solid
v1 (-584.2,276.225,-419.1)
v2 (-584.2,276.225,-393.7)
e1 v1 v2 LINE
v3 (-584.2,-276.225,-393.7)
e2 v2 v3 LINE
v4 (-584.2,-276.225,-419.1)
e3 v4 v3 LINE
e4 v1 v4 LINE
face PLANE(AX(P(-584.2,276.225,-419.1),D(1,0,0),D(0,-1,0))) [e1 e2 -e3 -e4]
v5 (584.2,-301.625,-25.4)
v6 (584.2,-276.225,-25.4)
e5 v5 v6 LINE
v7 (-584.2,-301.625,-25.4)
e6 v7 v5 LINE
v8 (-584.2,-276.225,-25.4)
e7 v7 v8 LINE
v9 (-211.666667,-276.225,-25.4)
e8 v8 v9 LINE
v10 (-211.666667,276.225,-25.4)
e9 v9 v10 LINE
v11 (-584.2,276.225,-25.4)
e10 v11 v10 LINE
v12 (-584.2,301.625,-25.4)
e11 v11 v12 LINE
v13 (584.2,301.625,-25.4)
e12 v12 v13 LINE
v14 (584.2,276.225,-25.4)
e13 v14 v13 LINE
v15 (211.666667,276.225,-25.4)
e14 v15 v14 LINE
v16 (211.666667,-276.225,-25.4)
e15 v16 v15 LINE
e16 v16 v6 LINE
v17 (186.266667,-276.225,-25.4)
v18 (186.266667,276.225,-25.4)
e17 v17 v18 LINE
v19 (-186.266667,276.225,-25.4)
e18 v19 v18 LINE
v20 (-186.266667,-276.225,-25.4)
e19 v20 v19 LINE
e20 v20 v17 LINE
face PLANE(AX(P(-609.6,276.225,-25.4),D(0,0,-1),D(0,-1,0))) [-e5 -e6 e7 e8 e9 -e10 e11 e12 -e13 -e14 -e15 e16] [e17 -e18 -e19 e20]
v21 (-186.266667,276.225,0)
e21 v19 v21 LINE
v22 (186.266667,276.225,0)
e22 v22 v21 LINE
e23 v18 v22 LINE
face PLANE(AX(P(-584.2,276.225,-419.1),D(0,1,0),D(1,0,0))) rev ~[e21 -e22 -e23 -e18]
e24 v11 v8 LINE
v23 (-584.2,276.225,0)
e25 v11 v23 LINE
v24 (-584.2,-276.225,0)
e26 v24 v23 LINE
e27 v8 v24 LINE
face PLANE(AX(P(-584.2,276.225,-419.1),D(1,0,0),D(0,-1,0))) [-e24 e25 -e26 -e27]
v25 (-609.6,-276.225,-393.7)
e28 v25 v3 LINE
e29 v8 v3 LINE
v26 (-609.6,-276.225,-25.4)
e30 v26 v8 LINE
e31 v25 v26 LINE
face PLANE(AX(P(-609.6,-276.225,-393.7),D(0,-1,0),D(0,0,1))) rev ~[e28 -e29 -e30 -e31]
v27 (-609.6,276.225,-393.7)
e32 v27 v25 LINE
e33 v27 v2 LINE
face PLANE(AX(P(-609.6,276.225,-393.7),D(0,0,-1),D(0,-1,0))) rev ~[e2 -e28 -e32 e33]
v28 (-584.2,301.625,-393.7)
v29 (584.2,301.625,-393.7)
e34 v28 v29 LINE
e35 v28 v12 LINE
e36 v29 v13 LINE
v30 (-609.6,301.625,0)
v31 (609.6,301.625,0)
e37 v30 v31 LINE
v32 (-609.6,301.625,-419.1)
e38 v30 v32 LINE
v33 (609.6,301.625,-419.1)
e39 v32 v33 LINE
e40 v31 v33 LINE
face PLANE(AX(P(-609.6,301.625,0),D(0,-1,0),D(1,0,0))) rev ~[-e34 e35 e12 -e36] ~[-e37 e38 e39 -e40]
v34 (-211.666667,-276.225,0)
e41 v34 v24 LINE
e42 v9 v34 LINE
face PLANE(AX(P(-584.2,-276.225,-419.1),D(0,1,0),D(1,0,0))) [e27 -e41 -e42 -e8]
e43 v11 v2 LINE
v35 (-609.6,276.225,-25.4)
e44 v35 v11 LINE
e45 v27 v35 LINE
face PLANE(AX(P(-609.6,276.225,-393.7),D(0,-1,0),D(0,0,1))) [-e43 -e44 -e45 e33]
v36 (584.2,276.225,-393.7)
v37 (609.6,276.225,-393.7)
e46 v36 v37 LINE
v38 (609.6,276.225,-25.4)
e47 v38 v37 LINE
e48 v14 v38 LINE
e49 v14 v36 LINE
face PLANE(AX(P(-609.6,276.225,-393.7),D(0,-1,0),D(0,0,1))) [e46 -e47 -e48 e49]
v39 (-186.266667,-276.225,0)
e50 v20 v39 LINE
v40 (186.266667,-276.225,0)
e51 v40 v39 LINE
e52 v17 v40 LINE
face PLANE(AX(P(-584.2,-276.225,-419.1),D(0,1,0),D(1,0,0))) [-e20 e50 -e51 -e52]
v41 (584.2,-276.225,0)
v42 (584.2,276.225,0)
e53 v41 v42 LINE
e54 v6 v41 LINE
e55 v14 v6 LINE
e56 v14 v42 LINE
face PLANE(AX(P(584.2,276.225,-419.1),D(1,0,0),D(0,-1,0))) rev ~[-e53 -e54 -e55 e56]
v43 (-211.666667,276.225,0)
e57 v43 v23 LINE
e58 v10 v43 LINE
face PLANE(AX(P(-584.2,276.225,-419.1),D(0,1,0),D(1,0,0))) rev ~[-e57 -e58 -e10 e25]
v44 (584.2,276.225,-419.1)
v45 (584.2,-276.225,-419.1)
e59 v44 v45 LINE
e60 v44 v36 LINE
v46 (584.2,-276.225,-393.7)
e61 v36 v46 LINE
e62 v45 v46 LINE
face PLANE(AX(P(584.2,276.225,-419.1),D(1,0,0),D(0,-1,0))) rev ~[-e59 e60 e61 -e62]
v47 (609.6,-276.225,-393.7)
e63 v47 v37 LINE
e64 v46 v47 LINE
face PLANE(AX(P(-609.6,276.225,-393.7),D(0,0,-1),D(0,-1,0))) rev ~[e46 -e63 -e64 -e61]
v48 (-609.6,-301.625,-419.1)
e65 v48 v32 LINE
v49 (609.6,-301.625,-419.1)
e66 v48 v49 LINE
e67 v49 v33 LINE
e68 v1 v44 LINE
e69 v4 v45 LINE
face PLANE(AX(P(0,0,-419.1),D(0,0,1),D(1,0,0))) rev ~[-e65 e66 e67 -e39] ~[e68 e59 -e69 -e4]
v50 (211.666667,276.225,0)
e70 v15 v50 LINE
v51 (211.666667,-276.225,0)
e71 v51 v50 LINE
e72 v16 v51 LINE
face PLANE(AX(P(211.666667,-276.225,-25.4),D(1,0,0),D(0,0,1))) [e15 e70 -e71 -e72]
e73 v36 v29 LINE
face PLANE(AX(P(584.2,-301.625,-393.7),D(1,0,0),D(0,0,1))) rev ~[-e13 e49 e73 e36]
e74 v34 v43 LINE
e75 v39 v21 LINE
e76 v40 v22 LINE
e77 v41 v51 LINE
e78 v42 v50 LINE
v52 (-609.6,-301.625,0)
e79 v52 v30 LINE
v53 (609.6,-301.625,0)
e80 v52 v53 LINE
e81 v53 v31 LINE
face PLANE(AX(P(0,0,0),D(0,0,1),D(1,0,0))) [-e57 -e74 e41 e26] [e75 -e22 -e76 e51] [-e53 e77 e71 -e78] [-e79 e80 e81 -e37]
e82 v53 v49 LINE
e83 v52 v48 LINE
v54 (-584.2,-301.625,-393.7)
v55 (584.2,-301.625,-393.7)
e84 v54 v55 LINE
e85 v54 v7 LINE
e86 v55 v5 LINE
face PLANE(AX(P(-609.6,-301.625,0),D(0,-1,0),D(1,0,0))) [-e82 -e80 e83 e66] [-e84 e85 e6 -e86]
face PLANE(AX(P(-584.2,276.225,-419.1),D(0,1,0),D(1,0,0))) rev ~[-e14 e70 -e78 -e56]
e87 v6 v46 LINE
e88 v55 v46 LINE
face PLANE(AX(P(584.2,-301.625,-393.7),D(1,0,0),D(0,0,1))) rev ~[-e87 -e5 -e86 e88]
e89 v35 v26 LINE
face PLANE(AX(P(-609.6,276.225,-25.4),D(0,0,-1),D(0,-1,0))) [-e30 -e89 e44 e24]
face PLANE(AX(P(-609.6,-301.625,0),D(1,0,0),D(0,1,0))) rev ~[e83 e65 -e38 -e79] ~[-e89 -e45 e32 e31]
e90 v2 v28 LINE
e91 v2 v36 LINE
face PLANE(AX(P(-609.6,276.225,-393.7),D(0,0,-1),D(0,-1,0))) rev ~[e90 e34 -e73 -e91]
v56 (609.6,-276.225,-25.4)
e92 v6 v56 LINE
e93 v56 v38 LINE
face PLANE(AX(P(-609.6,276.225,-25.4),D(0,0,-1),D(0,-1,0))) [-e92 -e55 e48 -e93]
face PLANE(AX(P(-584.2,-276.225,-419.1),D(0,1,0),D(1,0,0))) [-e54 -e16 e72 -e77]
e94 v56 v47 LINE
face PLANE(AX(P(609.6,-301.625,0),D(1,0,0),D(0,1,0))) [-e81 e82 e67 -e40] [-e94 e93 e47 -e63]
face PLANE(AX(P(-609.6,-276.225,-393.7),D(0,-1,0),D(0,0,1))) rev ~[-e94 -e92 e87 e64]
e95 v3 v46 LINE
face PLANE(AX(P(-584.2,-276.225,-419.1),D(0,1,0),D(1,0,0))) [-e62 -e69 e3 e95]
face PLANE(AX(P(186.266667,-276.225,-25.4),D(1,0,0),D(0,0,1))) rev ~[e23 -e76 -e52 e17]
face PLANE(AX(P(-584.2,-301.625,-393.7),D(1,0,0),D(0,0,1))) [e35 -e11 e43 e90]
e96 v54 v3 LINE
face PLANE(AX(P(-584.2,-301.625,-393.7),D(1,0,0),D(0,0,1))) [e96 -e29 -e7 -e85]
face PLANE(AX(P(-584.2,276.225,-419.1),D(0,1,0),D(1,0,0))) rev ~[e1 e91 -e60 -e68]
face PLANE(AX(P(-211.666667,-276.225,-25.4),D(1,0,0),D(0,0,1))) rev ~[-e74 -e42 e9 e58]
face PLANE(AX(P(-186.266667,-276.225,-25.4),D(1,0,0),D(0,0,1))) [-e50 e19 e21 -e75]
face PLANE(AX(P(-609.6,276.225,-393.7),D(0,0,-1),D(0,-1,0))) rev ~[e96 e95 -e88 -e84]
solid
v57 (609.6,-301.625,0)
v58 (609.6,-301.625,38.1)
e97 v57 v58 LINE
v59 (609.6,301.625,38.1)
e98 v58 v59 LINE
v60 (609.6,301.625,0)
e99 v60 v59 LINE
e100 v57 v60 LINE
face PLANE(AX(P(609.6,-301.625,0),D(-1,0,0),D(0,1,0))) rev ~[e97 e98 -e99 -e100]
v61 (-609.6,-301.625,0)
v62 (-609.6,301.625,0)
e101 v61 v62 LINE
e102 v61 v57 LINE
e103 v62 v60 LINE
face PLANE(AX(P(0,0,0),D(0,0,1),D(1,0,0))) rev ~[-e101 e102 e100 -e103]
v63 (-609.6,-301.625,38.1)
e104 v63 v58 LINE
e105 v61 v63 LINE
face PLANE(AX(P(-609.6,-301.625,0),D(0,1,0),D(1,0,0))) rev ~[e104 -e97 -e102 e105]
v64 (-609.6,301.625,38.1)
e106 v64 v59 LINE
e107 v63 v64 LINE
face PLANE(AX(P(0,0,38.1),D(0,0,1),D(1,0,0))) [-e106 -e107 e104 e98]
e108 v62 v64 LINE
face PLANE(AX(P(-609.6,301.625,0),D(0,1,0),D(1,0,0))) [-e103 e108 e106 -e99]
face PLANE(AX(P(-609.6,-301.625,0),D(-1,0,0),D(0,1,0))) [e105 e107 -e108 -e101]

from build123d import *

# Parameters (mm, degrees)
F0_W      = 1219.2
F0_H      = 603.25
F1_DEPTH  = 38.1
F2_DEPTH  = 419.1
F3_W      = 1168.4
F3_H      = 368.3
F4_DEPTH  = 603.251
F5_W      = 552.45
F5_H      = 368.3
F6_DEPTH  = 1219.201
F7_W      = 1168.4
F7_H      = 552.45
F8_DEPTH  = 457.201
F9_W      = 25.4
F9_H      = 25.4
F10_DEPTH = 552.45


with BuildPart() as f1:
    # F0 (on Top) → F1 (new body)
    with BuildSketch(Plane.XY):
        Rectangle(F0_W, F0_H)
    extrude(amount=F1_DEPTH)


with BuildPart() as f2:
    # F2 (new): a face of the model
    f2_faces = [f1.part.faces().sort_by_distance(p)[0] for p in [
        (0, 0, 0),
    ]]
    extrude(f2_faces, amount=F2_DEPTH)

    # F3 (on face) → F4 (cut, through all)
    with BuildSketch(Plane.XZ.offset(301.625)):
        with Locations((0, -209.55)):
            Rectangle(F3_W, F3_H)
    extrude(amount=-F4_DEPTH, mode=Mode.SUBTRACT)

    # F5 (on face) → F6 (cut, through all)
    with BuildSketch(Plane(origin=(-609.6, 0, 0), x_dir=(0, -1, 0), z_dir=(-1, 0, 0))):
        with Locations((0, -209.55)):
            Rectangle(F5_W, F5_H)
    extrude(amount=-F6_DEPTH, mode=Mode.SUBTRACT)

    # F7 (on face) → F8 (cut, through all)
    with BuildSketch(Plane(origin=(0, 0, -419.1), x_dir=(1, 0, 0), z_dir=(0, 0, -1))):
        Rectangle(F7_W, F7_H)
    extrude(amount=-F8_DEPTH, mode=Mode.SUBTRACT)

    # F9 (on face) → F10 (join, through all)
    with BuildSketch(Plane(origin=(0, -276.225, 0), x_dir=(-1, 0, 0), z_dir=(0, 1, 0))):
        with Locations((-198.9666666667, -12.7)):
            Rectangle(F9_W, F9_H)
        with Locations((198.9666666667, -12.7)):
            Rectangle(F9_W, F9_H)
    extrude(amount=F10_DEPTH)


solid = Compound([f1.part, f2.part])
